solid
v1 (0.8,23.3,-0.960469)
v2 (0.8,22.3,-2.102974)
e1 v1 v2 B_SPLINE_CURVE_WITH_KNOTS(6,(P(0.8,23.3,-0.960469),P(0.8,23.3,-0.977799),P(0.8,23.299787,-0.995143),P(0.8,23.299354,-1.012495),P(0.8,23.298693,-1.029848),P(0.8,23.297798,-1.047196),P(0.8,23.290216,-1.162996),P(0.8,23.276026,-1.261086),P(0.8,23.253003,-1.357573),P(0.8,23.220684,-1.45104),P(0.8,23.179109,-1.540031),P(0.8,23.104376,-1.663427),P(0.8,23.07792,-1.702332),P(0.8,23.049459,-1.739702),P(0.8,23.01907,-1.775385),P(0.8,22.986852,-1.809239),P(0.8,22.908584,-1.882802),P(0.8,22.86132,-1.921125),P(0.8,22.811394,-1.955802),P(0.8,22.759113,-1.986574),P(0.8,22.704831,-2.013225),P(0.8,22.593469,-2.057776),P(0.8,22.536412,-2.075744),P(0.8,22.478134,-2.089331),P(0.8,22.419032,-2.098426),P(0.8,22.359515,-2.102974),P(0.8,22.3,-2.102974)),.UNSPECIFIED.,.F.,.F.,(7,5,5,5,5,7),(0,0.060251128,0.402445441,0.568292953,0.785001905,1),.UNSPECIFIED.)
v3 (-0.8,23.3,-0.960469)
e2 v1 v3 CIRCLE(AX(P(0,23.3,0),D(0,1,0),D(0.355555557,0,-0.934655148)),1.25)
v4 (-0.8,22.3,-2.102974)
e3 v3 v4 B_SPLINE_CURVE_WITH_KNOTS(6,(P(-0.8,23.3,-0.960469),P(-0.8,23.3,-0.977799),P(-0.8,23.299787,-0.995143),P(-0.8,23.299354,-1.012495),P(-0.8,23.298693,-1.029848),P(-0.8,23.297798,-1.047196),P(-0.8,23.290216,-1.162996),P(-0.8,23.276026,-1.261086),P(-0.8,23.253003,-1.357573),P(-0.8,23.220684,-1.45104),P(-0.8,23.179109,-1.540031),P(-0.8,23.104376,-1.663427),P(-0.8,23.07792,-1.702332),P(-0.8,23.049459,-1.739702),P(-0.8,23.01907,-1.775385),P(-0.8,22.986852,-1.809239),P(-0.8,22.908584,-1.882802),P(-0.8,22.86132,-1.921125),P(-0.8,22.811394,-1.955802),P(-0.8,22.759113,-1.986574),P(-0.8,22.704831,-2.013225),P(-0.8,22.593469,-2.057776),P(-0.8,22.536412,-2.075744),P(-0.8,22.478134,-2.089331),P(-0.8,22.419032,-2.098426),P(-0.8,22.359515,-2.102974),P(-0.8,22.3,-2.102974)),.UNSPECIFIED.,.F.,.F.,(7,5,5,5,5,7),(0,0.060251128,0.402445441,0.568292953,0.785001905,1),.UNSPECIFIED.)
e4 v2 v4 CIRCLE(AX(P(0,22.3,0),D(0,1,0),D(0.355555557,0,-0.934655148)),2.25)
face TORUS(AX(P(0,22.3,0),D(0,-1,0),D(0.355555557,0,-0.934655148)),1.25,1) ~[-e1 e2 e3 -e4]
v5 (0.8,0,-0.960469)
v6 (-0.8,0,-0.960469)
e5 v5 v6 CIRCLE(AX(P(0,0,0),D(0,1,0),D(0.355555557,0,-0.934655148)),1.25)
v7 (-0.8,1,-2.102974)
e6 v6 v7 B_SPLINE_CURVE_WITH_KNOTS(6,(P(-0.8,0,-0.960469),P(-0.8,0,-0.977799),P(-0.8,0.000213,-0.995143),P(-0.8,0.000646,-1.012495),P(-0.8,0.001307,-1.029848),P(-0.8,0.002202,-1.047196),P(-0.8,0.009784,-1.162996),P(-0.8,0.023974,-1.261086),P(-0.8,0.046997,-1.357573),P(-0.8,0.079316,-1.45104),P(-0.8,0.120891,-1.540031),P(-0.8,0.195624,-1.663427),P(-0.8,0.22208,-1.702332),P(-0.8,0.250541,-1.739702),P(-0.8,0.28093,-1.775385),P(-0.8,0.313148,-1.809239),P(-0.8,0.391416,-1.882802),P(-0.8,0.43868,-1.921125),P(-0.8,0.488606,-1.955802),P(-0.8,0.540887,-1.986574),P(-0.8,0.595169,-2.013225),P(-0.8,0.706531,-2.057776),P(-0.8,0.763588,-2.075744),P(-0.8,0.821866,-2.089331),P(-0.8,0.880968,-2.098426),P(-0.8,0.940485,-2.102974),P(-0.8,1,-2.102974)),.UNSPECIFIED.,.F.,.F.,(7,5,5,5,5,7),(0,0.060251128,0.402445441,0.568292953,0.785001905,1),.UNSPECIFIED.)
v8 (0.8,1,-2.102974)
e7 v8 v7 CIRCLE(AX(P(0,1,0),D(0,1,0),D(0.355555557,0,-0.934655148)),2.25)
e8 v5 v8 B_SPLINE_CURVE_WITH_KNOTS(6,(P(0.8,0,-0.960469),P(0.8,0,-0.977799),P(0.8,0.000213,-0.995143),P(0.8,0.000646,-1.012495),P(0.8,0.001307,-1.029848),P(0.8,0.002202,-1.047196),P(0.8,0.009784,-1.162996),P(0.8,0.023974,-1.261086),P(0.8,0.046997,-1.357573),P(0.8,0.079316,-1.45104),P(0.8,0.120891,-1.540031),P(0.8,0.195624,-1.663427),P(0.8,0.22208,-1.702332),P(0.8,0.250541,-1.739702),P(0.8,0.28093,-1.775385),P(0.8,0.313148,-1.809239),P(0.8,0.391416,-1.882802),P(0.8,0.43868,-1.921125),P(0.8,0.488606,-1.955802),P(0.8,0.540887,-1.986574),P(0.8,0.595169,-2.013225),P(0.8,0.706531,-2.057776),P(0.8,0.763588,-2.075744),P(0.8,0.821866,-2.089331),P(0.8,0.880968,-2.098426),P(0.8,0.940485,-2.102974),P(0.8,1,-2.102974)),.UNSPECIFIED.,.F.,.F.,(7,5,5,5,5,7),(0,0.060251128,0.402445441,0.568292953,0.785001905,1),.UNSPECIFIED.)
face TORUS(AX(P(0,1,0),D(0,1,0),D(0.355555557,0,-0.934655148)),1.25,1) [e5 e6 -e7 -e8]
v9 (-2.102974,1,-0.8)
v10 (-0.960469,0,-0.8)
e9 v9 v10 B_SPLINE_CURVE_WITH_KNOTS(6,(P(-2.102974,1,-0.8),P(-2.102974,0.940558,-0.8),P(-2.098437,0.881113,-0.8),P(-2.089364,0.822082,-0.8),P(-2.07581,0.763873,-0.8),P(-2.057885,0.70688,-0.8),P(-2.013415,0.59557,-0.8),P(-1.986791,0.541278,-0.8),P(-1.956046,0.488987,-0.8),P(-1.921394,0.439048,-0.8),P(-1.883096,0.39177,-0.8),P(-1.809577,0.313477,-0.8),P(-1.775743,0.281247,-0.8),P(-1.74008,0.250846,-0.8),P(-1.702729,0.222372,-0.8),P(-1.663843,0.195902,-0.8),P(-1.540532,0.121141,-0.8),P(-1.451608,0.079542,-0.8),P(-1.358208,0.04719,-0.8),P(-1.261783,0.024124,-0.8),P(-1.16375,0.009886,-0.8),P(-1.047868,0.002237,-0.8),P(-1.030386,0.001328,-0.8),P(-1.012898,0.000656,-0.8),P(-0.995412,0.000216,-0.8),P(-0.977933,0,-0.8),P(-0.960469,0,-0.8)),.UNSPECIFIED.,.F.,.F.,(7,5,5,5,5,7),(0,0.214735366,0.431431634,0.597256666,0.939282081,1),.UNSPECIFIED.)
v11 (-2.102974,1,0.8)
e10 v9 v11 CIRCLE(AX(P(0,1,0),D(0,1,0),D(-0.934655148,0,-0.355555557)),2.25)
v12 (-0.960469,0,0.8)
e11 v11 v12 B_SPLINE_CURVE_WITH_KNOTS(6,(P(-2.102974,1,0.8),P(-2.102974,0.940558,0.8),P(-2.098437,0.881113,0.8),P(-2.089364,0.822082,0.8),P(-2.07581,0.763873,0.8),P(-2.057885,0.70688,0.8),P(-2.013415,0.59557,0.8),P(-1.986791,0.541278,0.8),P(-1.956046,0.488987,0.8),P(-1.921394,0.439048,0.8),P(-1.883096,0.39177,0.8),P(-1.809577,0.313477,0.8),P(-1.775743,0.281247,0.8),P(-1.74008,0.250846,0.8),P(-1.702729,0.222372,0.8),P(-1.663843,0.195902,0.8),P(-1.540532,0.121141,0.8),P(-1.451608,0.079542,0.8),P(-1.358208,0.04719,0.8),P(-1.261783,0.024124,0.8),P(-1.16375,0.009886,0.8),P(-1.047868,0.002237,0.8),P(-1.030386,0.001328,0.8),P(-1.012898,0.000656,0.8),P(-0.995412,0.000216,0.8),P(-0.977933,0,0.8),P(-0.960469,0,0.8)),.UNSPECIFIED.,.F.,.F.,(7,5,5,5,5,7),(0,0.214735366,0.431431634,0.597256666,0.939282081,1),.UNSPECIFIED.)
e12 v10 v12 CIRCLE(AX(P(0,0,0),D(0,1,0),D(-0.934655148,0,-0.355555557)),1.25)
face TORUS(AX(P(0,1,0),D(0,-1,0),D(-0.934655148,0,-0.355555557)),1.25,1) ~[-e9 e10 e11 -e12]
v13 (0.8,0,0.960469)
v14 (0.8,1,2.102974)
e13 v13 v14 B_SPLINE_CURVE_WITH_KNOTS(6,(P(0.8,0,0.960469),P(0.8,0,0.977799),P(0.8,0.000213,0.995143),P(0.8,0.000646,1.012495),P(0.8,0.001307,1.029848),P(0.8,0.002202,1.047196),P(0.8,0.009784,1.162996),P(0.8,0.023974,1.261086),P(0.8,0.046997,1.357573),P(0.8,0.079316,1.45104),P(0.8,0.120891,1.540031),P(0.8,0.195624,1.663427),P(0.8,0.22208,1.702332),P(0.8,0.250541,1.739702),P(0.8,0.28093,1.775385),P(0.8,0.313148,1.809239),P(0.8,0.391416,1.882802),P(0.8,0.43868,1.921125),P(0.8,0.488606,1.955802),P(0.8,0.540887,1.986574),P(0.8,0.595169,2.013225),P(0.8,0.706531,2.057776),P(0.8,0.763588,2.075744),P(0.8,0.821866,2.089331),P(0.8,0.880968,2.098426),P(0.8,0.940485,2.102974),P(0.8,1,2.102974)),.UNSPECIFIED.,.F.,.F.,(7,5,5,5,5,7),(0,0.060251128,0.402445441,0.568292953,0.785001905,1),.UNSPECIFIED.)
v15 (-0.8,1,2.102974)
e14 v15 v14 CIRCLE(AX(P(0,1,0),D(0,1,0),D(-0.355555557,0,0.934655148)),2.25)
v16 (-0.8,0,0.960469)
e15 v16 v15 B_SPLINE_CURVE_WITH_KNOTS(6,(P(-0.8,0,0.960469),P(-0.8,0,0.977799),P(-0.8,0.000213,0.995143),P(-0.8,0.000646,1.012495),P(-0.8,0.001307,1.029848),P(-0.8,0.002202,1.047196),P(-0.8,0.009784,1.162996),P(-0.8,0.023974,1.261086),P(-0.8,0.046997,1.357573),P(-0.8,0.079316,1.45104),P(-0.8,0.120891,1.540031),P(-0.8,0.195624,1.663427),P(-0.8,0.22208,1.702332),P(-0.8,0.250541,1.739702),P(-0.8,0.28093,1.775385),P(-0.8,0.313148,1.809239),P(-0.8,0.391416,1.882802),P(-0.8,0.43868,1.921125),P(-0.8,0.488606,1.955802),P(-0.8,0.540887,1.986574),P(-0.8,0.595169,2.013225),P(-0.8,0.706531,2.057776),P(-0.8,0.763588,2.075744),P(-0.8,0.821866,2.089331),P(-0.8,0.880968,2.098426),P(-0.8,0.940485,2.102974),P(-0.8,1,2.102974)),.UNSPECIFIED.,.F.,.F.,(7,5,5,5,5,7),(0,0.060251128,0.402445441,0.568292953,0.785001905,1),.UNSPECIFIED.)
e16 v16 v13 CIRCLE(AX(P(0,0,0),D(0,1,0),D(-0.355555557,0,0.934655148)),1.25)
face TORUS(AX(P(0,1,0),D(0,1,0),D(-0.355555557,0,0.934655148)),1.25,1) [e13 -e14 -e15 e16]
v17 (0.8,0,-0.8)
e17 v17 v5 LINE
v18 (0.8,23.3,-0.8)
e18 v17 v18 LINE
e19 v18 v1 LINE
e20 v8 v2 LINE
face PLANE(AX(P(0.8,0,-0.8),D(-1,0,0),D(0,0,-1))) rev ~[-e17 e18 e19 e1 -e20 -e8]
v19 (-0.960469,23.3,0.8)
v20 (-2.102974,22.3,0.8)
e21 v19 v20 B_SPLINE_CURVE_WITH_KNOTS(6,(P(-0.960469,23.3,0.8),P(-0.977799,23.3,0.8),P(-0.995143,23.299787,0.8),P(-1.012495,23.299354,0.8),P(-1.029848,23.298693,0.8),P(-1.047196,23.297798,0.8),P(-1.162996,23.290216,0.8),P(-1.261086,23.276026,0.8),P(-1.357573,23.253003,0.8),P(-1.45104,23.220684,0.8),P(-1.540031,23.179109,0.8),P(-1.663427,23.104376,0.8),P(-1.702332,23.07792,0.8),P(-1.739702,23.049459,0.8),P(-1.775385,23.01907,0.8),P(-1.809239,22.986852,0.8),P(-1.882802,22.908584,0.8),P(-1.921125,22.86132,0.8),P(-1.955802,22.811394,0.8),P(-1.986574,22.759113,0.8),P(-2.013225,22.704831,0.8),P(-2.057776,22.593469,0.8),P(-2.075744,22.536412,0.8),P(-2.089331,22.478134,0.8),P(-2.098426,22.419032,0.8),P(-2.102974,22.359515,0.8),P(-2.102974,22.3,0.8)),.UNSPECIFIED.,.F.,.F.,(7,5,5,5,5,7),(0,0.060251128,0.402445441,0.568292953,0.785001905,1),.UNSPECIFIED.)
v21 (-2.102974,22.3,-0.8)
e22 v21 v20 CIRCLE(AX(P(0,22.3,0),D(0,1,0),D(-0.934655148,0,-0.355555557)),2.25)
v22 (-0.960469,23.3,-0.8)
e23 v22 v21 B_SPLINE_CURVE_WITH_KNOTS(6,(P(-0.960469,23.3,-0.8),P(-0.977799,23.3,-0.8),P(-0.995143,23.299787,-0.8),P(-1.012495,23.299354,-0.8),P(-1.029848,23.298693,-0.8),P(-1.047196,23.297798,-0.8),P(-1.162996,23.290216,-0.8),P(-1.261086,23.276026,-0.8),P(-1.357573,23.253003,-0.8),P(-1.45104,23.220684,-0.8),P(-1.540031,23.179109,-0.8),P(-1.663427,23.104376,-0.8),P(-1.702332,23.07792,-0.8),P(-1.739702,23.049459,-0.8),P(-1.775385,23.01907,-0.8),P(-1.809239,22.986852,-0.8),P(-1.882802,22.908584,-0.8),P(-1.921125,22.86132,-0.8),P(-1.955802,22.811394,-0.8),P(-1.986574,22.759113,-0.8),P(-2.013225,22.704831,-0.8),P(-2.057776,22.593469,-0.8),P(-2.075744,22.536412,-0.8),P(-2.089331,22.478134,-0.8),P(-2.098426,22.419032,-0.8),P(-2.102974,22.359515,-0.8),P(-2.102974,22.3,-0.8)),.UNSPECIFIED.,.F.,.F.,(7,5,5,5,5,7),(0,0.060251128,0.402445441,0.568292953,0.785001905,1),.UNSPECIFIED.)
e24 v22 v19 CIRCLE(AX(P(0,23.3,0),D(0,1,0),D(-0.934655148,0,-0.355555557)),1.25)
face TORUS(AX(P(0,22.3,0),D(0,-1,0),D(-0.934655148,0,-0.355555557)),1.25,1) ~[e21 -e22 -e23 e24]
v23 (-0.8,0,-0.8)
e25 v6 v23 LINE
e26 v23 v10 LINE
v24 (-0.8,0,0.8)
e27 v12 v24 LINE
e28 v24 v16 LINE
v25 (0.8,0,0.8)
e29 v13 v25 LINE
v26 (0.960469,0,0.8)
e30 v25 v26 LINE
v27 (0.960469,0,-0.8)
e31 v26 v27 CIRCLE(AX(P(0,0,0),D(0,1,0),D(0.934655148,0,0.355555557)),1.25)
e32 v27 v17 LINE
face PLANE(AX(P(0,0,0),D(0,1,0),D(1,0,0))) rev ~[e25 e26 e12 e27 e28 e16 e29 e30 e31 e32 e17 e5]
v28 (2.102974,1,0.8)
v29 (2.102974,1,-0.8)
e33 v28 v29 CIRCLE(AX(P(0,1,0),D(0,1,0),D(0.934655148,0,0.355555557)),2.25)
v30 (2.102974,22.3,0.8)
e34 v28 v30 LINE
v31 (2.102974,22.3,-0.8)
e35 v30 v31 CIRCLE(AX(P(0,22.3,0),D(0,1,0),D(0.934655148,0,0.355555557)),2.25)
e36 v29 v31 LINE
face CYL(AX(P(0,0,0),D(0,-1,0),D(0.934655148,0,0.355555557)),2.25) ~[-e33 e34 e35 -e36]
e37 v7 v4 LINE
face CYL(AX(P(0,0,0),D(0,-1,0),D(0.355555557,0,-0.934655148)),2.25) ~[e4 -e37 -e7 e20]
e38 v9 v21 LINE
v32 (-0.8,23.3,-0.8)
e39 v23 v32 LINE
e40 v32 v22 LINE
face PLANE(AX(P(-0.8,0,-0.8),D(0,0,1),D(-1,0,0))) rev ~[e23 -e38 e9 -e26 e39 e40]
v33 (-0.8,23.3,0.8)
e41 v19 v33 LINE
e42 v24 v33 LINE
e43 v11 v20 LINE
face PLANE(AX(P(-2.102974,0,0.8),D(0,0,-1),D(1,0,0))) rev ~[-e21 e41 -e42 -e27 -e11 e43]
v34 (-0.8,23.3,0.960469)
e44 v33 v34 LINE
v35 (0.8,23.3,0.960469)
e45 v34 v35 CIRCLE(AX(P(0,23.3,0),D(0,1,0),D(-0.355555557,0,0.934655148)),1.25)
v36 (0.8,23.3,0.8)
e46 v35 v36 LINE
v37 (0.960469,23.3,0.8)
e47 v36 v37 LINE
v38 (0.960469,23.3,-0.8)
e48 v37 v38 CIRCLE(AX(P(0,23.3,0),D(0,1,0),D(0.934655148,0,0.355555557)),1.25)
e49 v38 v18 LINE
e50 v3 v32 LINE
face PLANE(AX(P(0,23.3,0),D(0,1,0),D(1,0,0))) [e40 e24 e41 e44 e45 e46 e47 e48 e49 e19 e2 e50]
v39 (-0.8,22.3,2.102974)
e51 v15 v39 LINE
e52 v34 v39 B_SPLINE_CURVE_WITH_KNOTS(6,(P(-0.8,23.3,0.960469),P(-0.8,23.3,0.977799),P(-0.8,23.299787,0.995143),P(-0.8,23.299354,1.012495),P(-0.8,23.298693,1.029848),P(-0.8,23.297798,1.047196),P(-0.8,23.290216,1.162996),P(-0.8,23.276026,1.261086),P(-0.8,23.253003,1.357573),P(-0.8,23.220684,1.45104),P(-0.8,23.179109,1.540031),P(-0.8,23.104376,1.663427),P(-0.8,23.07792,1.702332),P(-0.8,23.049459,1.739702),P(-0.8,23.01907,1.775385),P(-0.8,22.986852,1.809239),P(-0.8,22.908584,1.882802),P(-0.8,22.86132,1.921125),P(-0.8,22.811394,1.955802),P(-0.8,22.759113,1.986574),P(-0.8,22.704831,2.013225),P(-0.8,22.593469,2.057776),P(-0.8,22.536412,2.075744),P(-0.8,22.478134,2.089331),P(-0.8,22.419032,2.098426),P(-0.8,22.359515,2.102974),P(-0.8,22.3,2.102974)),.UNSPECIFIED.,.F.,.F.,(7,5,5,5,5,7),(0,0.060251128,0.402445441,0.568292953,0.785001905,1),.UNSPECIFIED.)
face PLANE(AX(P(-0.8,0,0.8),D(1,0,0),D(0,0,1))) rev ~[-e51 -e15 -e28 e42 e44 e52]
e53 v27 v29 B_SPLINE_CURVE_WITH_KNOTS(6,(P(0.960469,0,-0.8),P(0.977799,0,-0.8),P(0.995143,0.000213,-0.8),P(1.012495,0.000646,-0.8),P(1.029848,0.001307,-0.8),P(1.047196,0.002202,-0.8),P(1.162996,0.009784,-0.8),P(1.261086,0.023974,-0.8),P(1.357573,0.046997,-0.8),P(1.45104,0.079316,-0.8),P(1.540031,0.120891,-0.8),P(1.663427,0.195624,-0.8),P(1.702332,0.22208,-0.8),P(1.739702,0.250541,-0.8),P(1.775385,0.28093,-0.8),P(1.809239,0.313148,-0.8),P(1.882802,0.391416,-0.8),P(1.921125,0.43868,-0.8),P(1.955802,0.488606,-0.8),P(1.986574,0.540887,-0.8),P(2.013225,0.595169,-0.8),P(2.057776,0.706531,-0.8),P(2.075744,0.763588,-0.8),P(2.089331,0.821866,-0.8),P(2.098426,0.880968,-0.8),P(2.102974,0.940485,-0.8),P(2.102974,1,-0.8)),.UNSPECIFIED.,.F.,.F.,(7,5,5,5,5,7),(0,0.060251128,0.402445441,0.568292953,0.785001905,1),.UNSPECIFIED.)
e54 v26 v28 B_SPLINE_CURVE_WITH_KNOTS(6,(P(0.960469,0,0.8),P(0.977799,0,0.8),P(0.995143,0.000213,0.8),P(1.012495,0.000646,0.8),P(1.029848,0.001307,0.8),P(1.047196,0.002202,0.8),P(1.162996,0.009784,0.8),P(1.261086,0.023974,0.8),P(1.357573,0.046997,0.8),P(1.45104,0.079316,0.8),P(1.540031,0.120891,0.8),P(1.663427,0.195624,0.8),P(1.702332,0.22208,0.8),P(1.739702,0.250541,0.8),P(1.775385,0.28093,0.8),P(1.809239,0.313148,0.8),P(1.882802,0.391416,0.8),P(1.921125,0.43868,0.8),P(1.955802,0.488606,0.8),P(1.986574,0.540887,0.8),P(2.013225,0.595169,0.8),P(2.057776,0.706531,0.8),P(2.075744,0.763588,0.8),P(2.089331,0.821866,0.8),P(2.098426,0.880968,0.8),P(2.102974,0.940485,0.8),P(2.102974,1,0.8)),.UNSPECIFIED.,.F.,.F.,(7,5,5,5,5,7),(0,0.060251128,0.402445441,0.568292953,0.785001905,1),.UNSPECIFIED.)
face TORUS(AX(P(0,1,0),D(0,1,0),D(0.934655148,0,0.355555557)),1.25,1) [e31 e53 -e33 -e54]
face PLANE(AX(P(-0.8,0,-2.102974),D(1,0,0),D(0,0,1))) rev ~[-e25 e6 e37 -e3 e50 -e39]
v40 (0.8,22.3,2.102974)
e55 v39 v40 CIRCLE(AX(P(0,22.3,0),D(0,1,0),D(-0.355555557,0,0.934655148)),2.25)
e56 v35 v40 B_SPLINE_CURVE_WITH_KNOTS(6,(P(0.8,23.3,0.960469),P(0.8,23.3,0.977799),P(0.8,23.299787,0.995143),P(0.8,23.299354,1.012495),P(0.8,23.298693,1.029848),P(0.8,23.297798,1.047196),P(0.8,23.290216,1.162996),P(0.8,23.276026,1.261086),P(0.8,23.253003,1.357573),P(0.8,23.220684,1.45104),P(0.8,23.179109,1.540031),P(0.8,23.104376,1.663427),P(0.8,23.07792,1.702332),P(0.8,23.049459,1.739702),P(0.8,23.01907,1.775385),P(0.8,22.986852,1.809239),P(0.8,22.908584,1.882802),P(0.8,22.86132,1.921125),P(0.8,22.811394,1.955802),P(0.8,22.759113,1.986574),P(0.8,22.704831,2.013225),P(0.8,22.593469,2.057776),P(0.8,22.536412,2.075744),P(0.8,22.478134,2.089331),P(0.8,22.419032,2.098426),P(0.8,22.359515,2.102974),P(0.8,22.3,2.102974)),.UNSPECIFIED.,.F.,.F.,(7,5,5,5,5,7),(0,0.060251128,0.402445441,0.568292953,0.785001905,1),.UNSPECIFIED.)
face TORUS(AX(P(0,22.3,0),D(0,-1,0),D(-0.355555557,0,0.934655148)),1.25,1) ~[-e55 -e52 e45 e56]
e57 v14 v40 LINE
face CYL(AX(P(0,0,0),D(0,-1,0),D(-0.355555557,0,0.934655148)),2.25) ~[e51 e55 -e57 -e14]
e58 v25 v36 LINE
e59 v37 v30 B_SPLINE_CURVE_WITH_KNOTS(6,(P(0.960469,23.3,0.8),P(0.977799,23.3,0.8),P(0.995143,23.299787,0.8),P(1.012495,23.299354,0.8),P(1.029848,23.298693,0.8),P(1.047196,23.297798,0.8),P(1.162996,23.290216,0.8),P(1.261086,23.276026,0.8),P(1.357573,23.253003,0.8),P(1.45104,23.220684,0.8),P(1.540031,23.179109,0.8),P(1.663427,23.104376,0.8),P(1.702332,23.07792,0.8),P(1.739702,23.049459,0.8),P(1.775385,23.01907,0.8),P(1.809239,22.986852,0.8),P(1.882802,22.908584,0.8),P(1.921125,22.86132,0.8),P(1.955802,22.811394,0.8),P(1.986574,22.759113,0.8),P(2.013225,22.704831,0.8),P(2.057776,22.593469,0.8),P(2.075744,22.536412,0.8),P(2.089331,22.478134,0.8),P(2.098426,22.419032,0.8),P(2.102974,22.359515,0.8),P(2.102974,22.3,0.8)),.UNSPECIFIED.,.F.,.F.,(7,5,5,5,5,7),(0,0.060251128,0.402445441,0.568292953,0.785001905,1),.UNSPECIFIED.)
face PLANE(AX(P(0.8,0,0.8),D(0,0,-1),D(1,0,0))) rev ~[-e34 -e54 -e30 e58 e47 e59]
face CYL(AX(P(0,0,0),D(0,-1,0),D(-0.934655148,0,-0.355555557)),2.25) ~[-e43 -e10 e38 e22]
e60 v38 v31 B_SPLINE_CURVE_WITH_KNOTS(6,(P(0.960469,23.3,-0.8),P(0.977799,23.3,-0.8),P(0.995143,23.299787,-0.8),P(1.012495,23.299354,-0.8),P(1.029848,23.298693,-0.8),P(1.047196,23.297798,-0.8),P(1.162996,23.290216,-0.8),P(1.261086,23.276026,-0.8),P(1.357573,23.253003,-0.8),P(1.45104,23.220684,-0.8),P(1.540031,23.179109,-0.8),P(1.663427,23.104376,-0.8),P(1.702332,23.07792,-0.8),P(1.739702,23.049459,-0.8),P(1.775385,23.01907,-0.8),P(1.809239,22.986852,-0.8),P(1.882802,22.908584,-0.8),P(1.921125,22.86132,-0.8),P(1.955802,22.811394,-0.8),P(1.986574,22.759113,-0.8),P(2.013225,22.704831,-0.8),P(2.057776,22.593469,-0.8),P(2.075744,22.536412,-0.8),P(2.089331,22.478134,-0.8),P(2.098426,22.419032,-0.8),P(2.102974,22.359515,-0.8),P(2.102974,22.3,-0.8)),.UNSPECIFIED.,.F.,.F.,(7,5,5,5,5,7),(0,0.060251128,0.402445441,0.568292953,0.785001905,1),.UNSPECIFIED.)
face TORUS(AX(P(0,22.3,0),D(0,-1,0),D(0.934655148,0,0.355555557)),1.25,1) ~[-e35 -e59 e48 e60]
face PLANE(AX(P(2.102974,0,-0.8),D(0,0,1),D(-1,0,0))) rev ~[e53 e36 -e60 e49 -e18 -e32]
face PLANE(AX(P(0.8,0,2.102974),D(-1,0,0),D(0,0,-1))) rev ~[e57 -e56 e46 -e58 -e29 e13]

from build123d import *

# Parameters (mm, degrees)
BOSS_EXTRUDE1_DEPTH = 23.3
FILLET1_R           = 1
FILLET2_R           = 1
FILLET3_R           = 1
FILLET4_R           = 1
FILLET20_R          = 1
FILLET21_R          = 1
FILLET22_R          = 1
FILLET23_R          = 1


with BuildPart() as part:
    # Sketch1 → Boss-Extrude1 (new body)
    with BuildSketch(Plane(origin=(0, 0, 0), x_dir=(1, 0, 0), z_dir=(0, 1, 0))):
        with BuildLine():
            Line((-0.8, -0.8), (-0.8, -2.102974084))
            ThreePointArc((-0.8, -2.102974084), (0, -2.25), (0.8, -2.102974084))
            Line((0.8, -2.102974084), (0.8, -0.8))
            Line((0.8, -0.8), (2.102974084, -0.8))
            ThreePointArc((2.102974084, -0.8), (2.25, 0), (2.102974084, 0.8))
            Line((2.102974084, 0.8), (0.8, 0.8))
            Line((0.8, 0.8), (0.8, 2.102974084))
            ThreePointArc((0.8, 2.102974084), (0, 2.25), (-0.8, 2.102974084))
            Line((-0.8, 2.102974084), (-0.8, 0.8))
            Line((-0.8, 0.8), (-2.102974084, 0.8))
            ThreePointArc((-2.102974084, 0.8), (-2.25, 0), (-2.102974084, -0.8))
            Line((-2.102974084, -0.8), (-0.8, -0.8))
        make_face()
    extrude(amount=BOSS_EXTRUDE1_DEPTH)

    # Fillet1
    fillet1_edges = [part.edges().sort_by_distance(p)[0] for p in [
        (-2.25, 0, 0),
    ]]
    fillet(fillet1_edges, radius=FILLET1_R)

    # Fillet2
    fillet2_edges = [part.edges().sort_by_distance(p)[0] for p in [
        (0, 0, 2.25),
    ]]
    fillet(fillet2_edges, radius=FILLET2_R)

    # Fillet3
    fillet3_edges = [part.edges().sort_by_distance(p)[0] for p in [
        (2.25, 0, 0),
    ]]
    fillet(fillet3_edges, radius=FILLET3_R)

    # Fillet4
    fillet4_edges = [part.edges().sort_by_distance(p)[0] for p in [
        (0, 0, -2.25),
    ]]
    fillet(fillet4_edges, radius=FILLET4_R)

    # Fillet20
    fillet20_edges = [part.edges().sort_by_distance(p)[0] for p in [
        (2.25, 23.3, 0),
    ]]
    fillet(fillet20_edges, radius=FILLET20_R)

    # Fillet21
    fillet21_edges = [part.edges().sort_by_distance(p)[0] for p in [
        (0, 23.3, 2.25),
    ]]
    fillet(fillet21_edges, radius=FILLET21_R)

    # Fillet22
    fillet22_edges = [part.edges().sort_by_distance(p)[0] for p in [
        (-2.25, 23.3, 0),
    ]]
    fillet(fillet22_edges, radius=FILLET22_R)

    # Fillet23
    fillet23_edges = [part.edges().sort_by_distance(p)[0] for p in [
        (0, 23.3, -2.25),
    ]]
    fillet(fillet23_edges, radius=FILLET23_R)


solid = part.part
